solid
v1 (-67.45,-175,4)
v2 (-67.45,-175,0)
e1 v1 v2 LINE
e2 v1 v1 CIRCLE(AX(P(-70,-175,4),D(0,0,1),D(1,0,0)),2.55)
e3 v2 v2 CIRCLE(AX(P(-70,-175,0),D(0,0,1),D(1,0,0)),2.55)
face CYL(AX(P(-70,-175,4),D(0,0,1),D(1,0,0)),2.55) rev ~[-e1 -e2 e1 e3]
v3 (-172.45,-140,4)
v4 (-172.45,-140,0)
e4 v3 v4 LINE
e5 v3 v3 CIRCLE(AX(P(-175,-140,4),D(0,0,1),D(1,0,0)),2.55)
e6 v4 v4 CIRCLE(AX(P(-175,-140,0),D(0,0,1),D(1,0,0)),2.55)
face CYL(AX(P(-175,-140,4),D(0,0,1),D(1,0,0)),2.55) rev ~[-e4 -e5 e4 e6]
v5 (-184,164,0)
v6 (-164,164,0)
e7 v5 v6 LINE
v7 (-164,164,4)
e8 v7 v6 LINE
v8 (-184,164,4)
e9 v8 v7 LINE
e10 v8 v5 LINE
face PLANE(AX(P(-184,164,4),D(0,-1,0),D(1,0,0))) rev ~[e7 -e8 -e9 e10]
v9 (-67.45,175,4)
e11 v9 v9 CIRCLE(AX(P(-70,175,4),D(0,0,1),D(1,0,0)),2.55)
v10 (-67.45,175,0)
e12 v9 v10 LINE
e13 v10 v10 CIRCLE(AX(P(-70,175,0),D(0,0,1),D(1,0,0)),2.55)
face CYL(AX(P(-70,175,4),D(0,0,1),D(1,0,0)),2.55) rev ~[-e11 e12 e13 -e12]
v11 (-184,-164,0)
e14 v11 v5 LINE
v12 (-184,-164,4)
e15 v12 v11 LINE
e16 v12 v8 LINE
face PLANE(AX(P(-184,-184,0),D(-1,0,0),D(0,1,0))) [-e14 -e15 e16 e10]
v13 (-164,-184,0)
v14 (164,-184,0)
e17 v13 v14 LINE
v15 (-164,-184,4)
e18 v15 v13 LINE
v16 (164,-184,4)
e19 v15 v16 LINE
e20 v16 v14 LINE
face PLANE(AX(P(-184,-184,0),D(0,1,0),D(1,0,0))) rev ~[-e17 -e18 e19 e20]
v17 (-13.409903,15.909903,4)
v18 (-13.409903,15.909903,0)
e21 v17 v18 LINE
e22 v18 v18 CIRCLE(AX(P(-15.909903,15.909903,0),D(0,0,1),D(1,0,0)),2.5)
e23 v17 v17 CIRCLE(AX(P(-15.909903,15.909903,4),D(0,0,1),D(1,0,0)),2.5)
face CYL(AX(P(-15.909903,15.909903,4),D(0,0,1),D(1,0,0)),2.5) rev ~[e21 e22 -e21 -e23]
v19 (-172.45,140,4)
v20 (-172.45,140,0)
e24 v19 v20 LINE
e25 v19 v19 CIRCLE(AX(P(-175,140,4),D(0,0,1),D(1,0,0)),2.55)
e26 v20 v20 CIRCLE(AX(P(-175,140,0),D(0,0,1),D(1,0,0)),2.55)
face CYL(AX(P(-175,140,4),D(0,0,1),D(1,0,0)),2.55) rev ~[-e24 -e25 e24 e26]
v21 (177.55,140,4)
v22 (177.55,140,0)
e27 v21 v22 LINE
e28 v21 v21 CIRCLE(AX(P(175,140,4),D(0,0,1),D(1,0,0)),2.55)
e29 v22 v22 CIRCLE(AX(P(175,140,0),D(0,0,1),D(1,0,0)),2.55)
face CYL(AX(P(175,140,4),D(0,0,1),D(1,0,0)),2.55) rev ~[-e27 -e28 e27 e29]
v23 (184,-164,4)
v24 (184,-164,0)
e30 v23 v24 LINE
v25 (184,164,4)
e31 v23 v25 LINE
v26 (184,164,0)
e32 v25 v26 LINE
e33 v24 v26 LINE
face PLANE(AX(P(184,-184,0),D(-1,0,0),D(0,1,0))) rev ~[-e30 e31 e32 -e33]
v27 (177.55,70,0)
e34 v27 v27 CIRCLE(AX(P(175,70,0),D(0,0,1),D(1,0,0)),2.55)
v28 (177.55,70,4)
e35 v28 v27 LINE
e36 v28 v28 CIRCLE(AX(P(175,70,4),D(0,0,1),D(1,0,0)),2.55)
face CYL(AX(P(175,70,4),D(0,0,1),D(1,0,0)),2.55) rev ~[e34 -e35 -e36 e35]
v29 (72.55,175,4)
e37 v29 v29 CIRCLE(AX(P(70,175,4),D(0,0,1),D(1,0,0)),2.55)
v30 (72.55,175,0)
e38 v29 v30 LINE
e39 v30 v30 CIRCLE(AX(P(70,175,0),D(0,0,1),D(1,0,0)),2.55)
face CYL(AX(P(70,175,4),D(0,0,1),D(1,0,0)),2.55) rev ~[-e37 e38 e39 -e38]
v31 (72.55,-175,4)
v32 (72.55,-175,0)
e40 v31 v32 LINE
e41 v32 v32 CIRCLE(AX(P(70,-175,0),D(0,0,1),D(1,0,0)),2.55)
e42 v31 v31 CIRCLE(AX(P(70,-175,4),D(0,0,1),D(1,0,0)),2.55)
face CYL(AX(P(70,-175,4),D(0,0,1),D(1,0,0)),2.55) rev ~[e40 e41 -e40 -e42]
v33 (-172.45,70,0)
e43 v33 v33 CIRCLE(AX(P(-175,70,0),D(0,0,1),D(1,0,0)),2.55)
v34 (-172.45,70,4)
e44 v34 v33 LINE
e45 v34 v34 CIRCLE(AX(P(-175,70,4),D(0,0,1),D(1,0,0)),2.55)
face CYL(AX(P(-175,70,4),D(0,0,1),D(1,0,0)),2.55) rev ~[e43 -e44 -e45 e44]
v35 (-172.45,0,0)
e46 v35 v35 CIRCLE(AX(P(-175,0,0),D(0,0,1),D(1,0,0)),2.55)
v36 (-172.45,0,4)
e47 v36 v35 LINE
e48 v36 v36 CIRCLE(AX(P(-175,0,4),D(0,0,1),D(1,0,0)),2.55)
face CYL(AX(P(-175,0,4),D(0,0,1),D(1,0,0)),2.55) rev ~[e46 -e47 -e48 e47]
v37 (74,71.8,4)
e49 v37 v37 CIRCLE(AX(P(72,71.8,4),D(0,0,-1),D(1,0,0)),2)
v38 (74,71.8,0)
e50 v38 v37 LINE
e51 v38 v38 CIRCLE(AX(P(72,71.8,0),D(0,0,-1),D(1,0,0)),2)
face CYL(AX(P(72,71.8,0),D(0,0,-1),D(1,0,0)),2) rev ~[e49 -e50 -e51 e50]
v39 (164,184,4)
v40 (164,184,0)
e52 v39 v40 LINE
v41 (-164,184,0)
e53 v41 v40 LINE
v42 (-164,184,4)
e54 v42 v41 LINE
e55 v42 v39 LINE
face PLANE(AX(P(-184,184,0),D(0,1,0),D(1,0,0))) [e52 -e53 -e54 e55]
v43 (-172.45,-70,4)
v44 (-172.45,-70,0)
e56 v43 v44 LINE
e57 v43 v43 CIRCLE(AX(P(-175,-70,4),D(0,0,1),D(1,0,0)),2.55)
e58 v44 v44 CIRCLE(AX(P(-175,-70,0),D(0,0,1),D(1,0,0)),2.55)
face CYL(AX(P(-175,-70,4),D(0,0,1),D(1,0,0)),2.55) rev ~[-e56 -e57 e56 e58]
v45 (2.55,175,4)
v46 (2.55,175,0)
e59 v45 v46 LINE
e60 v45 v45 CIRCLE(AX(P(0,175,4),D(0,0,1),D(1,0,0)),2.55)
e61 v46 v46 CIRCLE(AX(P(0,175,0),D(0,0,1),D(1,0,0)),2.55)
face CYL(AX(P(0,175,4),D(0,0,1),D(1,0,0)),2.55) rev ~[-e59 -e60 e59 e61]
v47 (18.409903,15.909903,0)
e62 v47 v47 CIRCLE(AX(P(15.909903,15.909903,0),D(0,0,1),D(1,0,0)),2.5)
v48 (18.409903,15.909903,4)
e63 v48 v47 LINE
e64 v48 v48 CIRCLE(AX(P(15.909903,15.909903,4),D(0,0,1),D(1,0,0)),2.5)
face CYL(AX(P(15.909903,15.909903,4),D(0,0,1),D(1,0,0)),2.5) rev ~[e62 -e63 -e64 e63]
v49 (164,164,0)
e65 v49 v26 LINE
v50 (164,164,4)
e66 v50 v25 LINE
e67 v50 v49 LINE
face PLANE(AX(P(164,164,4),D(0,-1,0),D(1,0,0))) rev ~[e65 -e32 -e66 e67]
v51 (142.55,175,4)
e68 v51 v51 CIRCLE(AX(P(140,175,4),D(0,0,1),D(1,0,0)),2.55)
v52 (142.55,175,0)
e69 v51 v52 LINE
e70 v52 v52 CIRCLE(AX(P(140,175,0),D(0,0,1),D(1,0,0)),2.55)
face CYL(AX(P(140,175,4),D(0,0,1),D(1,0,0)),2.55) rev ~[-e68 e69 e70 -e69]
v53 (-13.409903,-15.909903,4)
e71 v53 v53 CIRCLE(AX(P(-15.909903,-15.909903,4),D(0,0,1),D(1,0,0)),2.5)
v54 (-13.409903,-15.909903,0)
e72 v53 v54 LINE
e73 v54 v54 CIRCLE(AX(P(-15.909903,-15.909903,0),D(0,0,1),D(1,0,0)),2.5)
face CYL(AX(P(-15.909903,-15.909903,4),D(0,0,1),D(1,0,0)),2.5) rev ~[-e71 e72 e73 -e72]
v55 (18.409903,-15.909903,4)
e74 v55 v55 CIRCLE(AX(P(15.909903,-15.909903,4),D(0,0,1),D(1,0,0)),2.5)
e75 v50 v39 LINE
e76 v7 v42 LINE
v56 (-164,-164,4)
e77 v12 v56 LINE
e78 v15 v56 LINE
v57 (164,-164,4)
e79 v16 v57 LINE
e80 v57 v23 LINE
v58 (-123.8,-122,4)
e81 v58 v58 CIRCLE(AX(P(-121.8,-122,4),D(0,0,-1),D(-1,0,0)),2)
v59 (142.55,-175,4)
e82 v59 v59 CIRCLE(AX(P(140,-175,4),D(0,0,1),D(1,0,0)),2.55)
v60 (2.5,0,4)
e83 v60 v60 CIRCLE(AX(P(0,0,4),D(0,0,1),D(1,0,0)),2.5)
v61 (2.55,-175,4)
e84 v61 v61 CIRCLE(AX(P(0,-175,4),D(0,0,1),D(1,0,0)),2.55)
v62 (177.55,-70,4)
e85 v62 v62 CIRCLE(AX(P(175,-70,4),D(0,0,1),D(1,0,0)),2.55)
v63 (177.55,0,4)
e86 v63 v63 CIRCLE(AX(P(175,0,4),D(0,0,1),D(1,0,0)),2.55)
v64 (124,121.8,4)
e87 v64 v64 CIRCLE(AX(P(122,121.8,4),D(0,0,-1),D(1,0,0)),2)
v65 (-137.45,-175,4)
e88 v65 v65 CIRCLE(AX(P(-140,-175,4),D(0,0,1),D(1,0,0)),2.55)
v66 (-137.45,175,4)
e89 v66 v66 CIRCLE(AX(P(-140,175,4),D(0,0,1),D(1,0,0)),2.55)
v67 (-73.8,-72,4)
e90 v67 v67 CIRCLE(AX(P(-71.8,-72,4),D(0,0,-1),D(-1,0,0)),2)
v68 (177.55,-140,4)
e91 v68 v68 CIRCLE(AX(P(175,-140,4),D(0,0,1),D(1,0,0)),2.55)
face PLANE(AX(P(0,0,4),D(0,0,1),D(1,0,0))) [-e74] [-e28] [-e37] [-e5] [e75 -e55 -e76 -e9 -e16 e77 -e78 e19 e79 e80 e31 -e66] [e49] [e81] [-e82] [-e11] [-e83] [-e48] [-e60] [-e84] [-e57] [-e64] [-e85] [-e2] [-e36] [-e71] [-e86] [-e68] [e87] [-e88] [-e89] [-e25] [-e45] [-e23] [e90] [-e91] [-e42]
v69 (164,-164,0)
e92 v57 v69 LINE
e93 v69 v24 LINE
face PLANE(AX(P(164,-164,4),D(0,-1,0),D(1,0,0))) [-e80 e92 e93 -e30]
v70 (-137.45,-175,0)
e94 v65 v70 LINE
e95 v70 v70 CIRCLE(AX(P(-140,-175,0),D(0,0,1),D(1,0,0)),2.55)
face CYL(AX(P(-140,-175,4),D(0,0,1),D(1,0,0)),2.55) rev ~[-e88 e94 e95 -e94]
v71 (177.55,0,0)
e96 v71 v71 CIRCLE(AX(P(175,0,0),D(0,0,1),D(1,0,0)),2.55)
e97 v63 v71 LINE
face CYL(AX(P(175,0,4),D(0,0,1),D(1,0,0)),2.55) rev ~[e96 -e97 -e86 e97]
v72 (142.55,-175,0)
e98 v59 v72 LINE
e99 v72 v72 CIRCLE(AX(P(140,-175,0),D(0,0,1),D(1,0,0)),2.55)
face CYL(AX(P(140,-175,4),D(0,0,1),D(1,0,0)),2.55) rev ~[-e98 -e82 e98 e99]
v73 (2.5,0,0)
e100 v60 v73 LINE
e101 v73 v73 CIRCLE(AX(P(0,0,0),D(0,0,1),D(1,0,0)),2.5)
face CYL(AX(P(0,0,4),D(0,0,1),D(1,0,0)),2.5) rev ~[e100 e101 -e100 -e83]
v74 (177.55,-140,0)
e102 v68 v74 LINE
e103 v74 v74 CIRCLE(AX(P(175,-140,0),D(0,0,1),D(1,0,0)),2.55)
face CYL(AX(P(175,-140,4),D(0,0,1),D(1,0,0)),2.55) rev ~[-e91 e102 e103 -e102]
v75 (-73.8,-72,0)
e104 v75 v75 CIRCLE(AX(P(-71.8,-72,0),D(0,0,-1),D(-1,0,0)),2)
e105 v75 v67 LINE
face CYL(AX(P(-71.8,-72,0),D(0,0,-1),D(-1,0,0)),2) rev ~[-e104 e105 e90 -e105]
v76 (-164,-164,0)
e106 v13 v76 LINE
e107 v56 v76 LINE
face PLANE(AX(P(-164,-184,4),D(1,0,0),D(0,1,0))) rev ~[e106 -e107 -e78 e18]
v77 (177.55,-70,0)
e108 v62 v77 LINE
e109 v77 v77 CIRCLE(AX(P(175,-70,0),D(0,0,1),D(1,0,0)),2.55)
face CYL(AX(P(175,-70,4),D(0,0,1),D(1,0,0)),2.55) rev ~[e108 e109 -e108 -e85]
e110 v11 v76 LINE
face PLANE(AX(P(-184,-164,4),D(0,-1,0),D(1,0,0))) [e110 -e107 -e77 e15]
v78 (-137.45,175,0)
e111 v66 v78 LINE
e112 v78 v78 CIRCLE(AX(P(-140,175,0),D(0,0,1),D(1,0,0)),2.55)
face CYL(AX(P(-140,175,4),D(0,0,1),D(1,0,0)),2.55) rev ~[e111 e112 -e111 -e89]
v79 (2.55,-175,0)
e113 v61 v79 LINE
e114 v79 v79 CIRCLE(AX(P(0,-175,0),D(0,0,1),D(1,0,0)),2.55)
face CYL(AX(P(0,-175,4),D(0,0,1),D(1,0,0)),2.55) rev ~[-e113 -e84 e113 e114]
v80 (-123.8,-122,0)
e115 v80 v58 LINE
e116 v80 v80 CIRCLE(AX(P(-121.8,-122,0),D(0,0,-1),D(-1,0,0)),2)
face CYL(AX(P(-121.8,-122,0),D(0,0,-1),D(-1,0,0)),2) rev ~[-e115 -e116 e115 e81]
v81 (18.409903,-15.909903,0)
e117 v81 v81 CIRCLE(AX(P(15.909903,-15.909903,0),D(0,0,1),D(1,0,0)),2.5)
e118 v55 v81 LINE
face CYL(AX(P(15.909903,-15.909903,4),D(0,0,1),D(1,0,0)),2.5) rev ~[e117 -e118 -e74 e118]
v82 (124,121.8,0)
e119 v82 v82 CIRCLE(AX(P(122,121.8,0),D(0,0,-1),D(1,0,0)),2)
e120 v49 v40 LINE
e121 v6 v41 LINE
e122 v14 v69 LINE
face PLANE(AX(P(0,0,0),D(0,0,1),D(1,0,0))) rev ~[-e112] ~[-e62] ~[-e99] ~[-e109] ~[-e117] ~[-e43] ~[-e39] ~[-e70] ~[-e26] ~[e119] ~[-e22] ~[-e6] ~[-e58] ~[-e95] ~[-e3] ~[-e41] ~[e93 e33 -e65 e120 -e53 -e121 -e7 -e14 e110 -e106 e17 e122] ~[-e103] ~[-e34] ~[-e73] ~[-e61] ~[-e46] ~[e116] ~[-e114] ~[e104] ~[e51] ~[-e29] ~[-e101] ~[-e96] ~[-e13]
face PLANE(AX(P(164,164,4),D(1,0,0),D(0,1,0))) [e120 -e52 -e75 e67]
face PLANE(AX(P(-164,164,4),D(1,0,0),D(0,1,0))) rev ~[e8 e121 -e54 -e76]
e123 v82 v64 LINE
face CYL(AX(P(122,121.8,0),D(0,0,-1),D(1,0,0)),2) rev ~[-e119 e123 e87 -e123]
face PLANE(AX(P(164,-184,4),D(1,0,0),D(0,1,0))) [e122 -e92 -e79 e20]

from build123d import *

# Parameters (mm, degrees)
SKETCH_1_W          = 368
SKETCH_1_H          = 368
EXTRUDE_1_DEPTH     = 4
SKETCH_3_R          = 2.55
CUT_EXTRUDE_2_DEPTH = 261.246037434
SKETCH_4_W          = 20
SKETCH_4_H          = 20
CUT_EXTRUDE_3_DEPTH = 261.246037434
SKETCH_5_R          = 2.5
CUT_EXTRUDE_6_DEPTH = 10
SKETCH_6_R          = 2
CUT_EXTRUDE_7_DEPTH = 10


with BuildPart() as part:
    # 草图1 → 凸台-拉伸1 (new body)
    with BuildSketch(Plane.XY):
        Rectangle(SKETCH_1_W, SKETCH_1_H)
    extrude(amount=EXTRUDE_1_DEPTH)

    # 草图3 → 切除-拉伸2 (cut, through all)
    with BuildSketch(Plane.XY.offset(4)):
        with Locations((0, -175)):
            Circle(SKETCH_3_R)
        with Locations((70, -175)):
            Circle(SKETCH_3_R)
        with Locations((140, -175)):
            Circle(SKETCH_3_R)
        with Locations((-70, -175)):
            Circle(SKETCH_3_R)
        with Locations((-140, -175)):
            Circle(SKETCH_3_R)
        with Locations((-175, 140)):
            Circle(SKETCH_3_R)
        with Locations((-175, 70)):
            Circle(SKETCH_3_R)
        with Locations((-175, -70)):
            Circle(SKETCH_3_R)
        with Locations((-175, -140)):
            Circle(SKETCH_3_R)
        with Locations((-175, 0)):
            Circle(SKETCH_3_R)
        with Locations((140, 175)):
            Circle(SKETCH_3_R)
        with Locations((70, 175)):
            Circle(SKETCH_3_R)
        with Locations((-70, 175)):
            Circle(SKETCH_3_R)
        with Locations((-140, 175)):
            Circle(SKETCH_3_R)
        with Locations((0, 175)):
            Circle(SKETCH_3_R)
        with Locations((175, -140)):
            Circle(SKETCH_3_R)
        with Locations((175, -70)):
            Circle(SKETCH_3_R)
        with Locations((175, 70)):
            Circle(SKETCH_3_R)
        with Locations((175, 140)):
            Circle(SKETCH_3_R)
        with Locations((175, 0)):
            Circle(SKETCH_3_R)
    extrude(amount=-CUT_EXTRUDE_2_DEPTH, mode=Mode.SUBTRACT)

    # 草图4 → 切除-拉伸3 (cut, through all)
    with BuildSketch(Plane.XY.offset(4)):
        with Locations((-174, 174)):
            Rectangle(SKETCH_4_W, SKETCH_4_H)
        with Locations((-174, -174)):
            Rectangle(SKETCH_4_W, SKETCH_4_H)
        with Locations((174, 174)):
            Rectangle(SKETCH_4_W, SKETCH_4_H)
        with Locations((174, -174)):
            Rectangle(SKETCH_4_W, SKETCH_4_H)
    extrude(amount=-CUT_EXTRUDE_3_DEPTH, mode=Mode.SUBTRACT)

    # 草图5 → 切除-拉伸6 (cut)
    with BuildSketch(Plane.XY.offset(4)):
        Circle(SKETCH_5_R)
        with Locations((-15.909902577, 15.909902577)):
            Circle(SKETCH_5_R)
        with Locations((15.909902577, 15.909902577)):
            Circle(SKETCH_5_R)
        with Locations((15.909902577, -15.909902577)):
            Circle(SKETCH_5_R)
        with Locations((-15.909902577, -15.909902577)):
            Circle(SKETCH_5_R)
    extrude(amount=-CUT_EXTRUDE_6_DEPTH, mode=Mode.SUBTRACT)

    # 草图6 → 切除-拉伸7 (cut)
    with BuildSketch(Plane(origin=(0, 0, 0), x_dir=(-1, 0, 0), z_dir=(0, 0, -1))):
        with Locations((121.8, -122)):
            Circle(SKETCH_6_R)
        with Locations((71.8, -72)):
            Circle(SKETCH_6_R)
        with Locations(Location((-122, 121.8, 0), (0, 0, 180))):
            Circle(SKETCH_6_R)
        with Locations(Location((-72, 71.8, 0), (0, 0, 180))):
            Circle(SKETCH_6_R)
    extrude(amount=-CUT_EXTRUDE_7_DEPTH, mode=Mode.SUBTRACT)


solid = part.part
